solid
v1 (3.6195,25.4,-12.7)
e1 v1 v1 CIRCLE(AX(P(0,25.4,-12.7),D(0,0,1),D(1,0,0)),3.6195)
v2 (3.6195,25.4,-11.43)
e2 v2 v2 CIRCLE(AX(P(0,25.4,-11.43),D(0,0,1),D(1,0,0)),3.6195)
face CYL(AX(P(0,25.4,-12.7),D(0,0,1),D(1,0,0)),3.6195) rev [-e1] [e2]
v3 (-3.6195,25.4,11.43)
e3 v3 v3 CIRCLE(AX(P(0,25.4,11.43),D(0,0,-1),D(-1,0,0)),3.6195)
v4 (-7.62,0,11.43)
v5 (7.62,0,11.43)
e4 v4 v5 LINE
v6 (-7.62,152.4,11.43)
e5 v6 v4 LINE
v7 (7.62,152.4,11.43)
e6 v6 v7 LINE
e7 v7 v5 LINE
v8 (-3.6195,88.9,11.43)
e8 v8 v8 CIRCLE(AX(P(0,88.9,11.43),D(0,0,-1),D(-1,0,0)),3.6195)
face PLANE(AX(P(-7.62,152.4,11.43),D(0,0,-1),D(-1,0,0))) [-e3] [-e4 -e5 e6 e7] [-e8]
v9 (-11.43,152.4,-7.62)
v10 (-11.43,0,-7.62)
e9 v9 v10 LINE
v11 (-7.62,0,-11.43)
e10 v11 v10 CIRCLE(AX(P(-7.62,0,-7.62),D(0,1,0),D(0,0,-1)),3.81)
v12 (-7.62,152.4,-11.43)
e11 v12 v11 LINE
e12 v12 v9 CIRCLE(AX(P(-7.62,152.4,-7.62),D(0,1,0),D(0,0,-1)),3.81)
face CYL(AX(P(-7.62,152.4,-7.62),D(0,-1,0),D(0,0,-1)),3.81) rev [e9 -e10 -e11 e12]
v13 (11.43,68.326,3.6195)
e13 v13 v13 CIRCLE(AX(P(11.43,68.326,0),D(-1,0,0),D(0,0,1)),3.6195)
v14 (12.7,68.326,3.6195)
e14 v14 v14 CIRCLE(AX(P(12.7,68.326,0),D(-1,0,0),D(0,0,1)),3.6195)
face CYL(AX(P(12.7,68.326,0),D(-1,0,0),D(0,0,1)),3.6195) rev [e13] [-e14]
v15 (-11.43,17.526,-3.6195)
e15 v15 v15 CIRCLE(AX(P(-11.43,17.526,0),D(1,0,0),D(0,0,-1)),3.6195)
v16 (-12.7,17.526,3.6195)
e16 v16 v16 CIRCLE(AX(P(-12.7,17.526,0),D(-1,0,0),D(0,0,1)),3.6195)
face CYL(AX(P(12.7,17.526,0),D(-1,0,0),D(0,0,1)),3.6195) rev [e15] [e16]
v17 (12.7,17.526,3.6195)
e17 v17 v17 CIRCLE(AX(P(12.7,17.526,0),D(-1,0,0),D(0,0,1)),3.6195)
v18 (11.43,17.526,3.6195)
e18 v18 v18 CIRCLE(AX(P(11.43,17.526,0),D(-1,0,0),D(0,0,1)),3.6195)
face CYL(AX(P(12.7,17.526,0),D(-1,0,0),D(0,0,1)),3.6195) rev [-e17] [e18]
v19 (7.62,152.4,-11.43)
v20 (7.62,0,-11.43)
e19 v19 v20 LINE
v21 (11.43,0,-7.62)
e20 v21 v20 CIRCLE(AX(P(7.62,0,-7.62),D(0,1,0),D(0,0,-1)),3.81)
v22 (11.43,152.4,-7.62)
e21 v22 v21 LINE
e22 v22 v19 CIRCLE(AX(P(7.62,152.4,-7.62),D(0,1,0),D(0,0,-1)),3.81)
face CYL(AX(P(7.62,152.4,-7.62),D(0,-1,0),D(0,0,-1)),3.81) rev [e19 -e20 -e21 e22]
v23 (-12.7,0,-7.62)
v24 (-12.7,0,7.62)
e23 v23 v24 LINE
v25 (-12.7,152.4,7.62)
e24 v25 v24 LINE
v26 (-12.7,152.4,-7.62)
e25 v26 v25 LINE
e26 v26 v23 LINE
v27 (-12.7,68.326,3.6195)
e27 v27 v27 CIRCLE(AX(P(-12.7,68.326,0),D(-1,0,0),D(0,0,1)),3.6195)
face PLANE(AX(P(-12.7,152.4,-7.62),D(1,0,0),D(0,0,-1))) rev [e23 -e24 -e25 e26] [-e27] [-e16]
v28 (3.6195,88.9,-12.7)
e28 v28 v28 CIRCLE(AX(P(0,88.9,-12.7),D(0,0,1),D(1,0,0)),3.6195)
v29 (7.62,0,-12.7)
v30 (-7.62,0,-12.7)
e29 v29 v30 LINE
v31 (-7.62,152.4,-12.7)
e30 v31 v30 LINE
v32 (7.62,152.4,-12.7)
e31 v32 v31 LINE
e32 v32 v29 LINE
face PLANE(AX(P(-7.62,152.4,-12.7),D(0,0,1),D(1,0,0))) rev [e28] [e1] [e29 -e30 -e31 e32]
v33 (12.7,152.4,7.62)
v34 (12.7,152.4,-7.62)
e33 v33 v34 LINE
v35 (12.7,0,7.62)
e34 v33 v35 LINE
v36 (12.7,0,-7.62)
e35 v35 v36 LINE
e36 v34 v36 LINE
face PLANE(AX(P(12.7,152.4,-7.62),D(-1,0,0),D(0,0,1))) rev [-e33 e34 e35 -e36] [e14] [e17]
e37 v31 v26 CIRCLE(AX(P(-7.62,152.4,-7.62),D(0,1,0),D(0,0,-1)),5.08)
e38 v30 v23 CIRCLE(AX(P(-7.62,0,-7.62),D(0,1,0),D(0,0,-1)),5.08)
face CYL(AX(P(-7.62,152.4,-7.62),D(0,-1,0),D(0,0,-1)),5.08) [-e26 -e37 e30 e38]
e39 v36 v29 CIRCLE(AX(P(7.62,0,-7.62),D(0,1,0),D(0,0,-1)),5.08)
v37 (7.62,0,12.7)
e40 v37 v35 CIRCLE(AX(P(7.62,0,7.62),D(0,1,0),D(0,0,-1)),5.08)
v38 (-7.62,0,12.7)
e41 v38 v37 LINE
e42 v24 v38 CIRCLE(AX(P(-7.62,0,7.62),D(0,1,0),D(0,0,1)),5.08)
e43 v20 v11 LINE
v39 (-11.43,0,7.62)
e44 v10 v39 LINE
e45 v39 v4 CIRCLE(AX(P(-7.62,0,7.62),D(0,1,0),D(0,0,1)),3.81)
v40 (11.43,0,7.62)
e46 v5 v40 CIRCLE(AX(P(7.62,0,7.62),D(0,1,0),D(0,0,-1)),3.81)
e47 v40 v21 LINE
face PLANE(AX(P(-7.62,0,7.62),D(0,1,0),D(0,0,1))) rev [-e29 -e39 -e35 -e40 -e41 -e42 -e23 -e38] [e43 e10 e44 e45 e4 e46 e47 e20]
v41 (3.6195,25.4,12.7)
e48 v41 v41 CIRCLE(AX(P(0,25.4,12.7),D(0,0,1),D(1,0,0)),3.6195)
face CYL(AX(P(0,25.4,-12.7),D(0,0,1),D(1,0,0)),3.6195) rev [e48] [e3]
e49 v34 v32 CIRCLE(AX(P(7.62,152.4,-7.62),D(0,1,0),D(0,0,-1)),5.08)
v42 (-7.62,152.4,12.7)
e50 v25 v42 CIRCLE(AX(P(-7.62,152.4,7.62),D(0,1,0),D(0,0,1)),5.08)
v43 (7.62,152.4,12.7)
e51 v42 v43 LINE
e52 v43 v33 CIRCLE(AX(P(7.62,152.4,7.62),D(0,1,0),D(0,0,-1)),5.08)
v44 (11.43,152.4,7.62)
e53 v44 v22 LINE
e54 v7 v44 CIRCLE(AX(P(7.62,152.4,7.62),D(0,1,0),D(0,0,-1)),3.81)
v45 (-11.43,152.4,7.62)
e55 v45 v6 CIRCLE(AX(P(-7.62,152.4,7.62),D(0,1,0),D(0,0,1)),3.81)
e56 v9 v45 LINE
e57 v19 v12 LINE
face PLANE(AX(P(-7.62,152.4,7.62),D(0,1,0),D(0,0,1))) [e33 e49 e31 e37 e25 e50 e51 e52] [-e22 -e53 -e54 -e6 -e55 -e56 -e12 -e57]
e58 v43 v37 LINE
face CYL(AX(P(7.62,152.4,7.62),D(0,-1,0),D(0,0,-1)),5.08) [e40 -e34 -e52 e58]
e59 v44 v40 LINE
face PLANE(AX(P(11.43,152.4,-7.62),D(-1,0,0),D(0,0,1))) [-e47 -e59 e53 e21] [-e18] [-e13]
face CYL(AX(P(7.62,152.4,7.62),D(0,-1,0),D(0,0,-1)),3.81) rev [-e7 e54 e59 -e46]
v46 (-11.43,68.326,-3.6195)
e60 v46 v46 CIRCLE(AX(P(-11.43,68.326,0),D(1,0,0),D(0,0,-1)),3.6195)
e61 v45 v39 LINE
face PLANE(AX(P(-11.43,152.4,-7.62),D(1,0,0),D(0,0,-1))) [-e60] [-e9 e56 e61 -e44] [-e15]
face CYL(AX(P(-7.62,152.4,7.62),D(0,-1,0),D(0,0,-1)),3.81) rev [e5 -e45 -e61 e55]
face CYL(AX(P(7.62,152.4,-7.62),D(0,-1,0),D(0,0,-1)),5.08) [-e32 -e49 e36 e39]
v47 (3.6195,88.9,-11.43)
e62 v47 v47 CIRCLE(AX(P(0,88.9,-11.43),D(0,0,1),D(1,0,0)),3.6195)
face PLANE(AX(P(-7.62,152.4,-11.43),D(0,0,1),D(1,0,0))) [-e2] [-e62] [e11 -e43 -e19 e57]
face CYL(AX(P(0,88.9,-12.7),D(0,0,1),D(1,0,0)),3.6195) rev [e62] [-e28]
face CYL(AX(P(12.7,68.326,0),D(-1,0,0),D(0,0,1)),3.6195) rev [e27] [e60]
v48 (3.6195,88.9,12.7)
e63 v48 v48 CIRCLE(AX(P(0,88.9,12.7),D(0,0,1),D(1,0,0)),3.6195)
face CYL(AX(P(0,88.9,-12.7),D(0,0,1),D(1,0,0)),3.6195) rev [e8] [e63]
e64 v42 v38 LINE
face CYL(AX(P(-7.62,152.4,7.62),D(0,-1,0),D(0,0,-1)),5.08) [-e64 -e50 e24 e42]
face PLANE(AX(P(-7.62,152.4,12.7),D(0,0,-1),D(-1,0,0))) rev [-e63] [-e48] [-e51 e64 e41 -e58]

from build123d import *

# Parameters (mm, degrees)
BOSS_EXTRUDE1_DEPTH = 152.4
SKETCH2_R           = 3.6195
CUT_EXTRUDE1_DEPTH  = 26.4
SKETCH3_R           = 3.6195
CUT_EXTRUDE2_DEPTH  = 26.4


with BuildPart() as part:
    # Sketch1 → Boss-Extrude1 (new body)
    with BuildSketch(Plane(origin=(0, 0, 0), x_dir=(1, 0, 0), z_dir=(0, 1, 0))):
        with BuildLine():
            Line((-7.62, 12.7), (7.62, 12.7))
            ThreePointArc((7.62, 12.7), (11.212102448, 11.212102448), (12.7, 7.62))
            Line((12.7, 7.62), (12.7, -7.62))
            ThreePointArc((12.7, -7.62), (11.212102448, -11.212102448), (7.62, -12.7))
            Line((7.62, -12.7), (-7.62, -12.7))
            ThreePointArc((-7.62, -12.7), (-11.212102448, -11.212102448), (-12.7, -7.62))
            Line((-12.7, -7.62), (-12.7, 7.62))
            ThreePointArc((-12.7, 7.62), (-11.212102448, 11.212102448), (-7.62, 12.7))
        make_face()
        with BuildLine():
            Line((-7.62, 11.43), (7.62, 11.43))
            ThreePointArc((7.62, 11.43), (10.314076836, 10.314076836), (11.43, 7.62))
            Line((11.43, 7.62), (11.43, -7.62))
            ThreePointArc((11.43, -7.62), (10.314076836, -10.314076836), (7.62, -11.43))
            Line((7.62, -11.43), (-7.62, -11.43))
            ThreePointArc((-7.62, -11.43), (-10.314076836, -10.314076836), (-11.43, -7.62))
            Line((-11.43, -7.62), (-11.43, 7.62))
            ThreePointArc((-11.43, 7.62), (-10.314076836, 10.314076836), (-7.62, 11.43))
        make_face(mode=Mode.SUBTRACT)
    extrude(amount=BOSS_EXTRUDE1_DEPTH)

    # Sketch2 → Cut-Extrude1 (cut, through all)
    with BuildSketch(Plane.XY.offset(12.7)):
        with Locations((0, 88.9)):
            Circle(SKETCH2_R)
        with Locations((0, 25.4)):
            Circle(SKETCH2_R)
    extrude(amount=-CUT_EXTRUDE1_DEPTH, mode=Mode.SUBTRACT)

    # Sketch3 → Cut-Extrude2 (cut, through all)
    with BuildSketch(Plane.ZY.offset(12.7)):
        with Locations((0, 68.326)):
            Circle(SKETCH3_R)
        with Locations((0, 17.526)):
            Circle(SKETCH3_R)
    extrude(amount=-CUT_EXTRUDE2_DEPTH, mode=Mode.SUBTRACT)


solid = part.part
